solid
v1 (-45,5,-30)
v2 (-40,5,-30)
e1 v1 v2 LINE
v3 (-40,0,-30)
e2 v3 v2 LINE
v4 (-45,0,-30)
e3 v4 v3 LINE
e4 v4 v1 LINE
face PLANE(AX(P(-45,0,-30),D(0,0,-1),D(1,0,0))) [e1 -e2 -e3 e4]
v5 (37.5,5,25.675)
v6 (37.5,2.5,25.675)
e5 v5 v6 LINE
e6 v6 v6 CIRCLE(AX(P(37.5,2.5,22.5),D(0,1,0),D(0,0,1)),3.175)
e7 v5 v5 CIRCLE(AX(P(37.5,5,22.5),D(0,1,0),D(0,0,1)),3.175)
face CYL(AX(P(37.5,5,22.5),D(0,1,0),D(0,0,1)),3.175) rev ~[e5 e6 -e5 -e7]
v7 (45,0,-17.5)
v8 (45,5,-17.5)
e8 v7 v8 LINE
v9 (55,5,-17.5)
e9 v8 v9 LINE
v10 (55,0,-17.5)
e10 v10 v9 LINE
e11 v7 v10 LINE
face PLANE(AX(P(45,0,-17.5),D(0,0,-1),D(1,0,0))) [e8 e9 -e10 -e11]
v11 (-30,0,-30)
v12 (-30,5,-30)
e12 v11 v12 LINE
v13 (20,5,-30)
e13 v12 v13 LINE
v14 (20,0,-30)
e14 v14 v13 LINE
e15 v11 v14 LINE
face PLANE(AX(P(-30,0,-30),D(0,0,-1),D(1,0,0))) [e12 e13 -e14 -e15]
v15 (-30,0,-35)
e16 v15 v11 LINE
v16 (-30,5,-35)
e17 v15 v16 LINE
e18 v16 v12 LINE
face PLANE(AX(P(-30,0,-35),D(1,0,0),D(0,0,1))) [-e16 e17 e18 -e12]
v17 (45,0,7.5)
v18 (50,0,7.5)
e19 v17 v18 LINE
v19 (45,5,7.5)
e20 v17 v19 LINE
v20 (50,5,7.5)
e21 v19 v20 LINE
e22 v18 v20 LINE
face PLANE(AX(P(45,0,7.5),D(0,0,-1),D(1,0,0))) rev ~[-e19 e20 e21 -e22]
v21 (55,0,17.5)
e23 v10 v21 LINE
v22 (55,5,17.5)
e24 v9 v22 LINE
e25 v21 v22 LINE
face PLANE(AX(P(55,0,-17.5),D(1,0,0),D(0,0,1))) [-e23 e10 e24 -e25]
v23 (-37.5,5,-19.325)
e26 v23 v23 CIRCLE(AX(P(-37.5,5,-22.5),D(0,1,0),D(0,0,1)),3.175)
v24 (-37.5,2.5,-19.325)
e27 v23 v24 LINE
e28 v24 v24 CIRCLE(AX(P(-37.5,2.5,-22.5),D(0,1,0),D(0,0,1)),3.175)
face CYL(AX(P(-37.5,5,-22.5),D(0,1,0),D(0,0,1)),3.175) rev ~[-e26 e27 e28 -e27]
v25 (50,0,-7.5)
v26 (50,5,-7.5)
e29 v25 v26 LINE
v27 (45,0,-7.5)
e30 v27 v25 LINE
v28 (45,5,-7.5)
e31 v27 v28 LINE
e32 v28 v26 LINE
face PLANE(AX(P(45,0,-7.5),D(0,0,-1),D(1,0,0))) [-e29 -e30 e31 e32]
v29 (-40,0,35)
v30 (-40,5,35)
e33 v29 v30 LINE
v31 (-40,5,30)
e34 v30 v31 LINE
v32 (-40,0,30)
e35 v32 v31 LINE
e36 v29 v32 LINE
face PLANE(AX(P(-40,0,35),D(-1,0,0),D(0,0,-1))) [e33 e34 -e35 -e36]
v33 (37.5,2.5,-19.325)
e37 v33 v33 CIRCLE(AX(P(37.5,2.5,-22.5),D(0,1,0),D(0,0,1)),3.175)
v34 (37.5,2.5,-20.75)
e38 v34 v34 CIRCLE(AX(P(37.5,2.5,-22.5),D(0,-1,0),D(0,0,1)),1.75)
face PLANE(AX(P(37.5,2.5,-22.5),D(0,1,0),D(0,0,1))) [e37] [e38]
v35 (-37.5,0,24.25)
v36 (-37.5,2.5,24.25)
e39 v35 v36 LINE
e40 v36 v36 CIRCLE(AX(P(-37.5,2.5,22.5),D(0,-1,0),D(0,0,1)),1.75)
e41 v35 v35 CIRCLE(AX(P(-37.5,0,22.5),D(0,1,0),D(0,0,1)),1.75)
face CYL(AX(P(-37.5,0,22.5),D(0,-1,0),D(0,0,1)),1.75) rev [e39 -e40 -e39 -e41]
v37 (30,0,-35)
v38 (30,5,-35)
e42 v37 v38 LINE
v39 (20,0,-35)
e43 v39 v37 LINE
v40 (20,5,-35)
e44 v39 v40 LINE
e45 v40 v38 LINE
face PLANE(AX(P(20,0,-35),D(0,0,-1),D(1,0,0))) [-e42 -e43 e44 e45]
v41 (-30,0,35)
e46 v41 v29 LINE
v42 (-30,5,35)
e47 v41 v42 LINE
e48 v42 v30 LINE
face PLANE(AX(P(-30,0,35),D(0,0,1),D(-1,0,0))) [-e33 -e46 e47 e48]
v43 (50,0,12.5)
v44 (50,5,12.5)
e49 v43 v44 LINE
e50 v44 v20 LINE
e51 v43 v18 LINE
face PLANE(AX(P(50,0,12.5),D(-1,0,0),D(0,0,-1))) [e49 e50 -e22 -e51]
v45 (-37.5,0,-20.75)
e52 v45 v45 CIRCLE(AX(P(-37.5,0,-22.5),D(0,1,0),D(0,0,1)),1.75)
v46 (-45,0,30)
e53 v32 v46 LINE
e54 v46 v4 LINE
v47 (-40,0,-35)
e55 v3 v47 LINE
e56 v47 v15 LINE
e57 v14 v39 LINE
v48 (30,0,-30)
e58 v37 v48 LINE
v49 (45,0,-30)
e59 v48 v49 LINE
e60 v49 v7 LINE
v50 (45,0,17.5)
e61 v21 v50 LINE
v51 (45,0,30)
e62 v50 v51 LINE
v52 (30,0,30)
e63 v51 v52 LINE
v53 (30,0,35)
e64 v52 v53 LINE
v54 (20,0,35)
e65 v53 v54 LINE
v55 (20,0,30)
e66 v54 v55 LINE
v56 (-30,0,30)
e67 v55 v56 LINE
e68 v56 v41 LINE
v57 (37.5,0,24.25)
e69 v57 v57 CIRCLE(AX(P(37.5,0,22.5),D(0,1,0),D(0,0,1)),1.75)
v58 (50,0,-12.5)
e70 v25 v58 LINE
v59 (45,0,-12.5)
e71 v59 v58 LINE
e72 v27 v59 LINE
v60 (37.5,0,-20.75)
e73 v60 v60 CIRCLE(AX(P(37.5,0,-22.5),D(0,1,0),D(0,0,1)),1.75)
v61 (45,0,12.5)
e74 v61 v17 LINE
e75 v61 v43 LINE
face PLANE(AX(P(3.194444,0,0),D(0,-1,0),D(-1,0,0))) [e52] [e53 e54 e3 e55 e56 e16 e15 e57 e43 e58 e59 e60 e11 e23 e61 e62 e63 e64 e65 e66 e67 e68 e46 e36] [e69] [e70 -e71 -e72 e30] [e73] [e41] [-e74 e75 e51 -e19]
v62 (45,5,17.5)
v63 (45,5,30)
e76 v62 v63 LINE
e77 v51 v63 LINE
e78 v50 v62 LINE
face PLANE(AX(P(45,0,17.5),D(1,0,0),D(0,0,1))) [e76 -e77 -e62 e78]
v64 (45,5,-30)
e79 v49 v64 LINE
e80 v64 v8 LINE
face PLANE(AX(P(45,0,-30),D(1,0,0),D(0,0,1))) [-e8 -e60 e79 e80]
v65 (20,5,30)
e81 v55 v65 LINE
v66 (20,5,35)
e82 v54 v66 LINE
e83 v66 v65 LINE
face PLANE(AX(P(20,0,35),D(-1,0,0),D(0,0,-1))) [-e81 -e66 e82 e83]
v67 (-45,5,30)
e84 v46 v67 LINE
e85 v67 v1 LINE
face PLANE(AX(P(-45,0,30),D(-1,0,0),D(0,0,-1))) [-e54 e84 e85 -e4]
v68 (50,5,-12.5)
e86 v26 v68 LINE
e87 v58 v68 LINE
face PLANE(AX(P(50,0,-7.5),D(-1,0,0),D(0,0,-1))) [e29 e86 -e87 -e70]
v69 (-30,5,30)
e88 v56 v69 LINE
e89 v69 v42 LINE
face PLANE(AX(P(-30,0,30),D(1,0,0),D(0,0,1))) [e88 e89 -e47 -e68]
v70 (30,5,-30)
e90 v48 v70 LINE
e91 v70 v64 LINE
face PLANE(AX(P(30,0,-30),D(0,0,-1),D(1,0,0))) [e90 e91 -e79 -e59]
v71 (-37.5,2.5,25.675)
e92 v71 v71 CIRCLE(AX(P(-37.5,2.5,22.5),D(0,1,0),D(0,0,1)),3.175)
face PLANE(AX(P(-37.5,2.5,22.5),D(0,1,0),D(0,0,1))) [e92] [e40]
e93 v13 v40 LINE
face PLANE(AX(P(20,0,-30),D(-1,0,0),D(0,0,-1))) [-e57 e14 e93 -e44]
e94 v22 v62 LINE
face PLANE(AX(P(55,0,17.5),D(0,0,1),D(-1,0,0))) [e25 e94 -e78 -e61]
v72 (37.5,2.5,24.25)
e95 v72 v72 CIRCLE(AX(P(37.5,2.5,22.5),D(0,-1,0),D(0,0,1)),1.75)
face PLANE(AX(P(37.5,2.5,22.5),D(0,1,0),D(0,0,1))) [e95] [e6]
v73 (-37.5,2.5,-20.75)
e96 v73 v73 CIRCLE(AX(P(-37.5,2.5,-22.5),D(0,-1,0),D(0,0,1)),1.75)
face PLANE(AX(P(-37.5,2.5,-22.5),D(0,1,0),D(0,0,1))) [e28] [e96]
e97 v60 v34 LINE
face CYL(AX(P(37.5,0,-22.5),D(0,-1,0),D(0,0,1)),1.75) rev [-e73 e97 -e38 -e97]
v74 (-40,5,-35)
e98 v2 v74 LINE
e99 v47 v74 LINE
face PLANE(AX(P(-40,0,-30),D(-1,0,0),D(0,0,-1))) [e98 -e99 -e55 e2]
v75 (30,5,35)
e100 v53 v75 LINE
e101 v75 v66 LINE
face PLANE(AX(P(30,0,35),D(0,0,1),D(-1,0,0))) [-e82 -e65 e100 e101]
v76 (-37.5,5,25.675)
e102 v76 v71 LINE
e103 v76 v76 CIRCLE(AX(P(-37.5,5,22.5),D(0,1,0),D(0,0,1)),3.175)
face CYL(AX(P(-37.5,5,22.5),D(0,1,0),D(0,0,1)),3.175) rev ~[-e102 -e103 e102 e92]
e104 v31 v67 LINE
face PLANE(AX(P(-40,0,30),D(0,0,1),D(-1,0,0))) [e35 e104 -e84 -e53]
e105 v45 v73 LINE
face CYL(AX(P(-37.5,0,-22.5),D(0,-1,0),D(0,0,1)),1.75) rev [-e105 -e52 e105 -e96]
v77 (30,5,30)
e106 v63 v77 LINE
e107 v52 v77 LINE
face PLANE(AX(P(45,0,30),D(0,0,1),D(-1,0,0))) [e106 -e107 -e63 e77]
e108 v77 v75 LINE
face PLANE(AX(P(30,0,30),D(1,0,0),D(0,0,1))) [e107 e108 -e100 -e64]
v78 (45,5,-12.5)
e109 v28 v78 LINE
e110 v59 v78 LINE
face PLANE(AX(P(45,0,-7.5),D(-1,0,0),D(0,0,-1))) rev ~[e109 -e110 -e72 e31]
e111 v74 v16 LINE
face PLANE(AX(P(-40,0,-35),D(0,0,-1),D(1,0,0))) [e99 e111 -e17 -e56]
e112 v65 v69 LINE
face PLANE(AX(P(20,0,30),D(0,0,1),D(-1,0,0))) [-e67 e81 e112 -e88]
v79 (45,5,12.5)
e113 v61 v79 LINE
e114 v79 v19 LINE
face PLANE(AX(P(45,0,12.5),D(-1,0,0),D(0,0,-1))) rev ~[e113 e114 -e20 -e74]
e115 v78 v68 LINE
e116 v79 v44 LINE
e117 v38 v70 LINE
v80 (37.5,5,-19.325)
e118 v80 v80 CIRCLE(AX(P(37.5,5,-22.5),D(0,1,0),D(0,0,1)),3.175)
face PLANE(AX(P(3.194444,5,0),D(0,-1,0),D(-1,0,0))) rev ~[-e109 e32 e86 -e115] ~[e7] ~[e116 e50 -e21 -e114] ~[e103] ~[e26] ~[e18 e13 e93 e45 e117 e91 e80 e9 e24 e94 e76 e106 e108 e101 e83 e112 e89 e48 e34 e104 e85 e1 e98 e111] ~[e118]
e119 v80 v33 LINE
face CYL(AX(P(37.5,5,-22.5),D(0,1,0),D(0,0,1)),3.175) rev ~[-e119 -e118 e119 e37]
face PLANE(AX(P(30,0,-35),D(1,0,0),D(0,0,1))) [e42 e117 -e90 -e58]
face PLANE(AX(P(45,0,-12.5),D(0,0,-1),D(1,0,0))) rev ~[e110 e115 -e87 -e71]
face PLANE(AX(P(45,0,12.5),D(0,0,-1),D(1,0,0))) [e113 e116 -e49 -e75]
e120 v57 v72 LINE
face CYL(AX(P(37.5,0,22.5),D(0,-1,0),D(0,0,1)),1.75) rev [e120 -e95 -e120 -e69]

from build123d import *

# Parameters (mm, degrees)
SKETCH1_R           = 1.75
SKETCH1_W           = 5
SKETCH1_H           = 5
BOSS_EXTRUDE1_DEPTH = 5
SKETCH2_R           = 3.175
CUT_EXTRUDE1_DEPTH  = 2.5


with BuildPart() as part:
    # Sketch1 → Boss-Extrude1 (new body)
    with BuildSketch(Plane(origin=(0, 0, 0), x_dir=(1, 0, 0), z_dir=(0, 1, 0))):
        Polygon((30, 30), (45, 30), (45, 17.5), (55, 17.5), (55, -17.5), (45, -17.5), (45, -30), (30, -30), (30, -35), (20, -35), (20, -30), (-30, -30), (-30, -35), (-40, -35), (-40, -30), (-45, -30), (-45, 30), (-40, 30), (-40, 35), (-30, 35), (-30, 30), (20, 30), (20, 35), (30, 35), align=None)
        with Locations(Location((37.5, 22.5, 0), (0, 0, 270))):
            Circle(SKETCH1_R, mode=Mode.SUBTRACT)
        with Locations(Location((37.5, -22.5, 0), (0, 0, 270))):
            Circle(SKETCH1_R, mode=Mode.SUBTRACT)
        with Locations(Location((-37.5, 22.5, 0), (0, 0, 270))):
            Circle(SKETCH1_R, mode=Mode.SUBTRACT)
        with Locations(Location((-37.5, -22.5, 0), (0, 0, 270))):
            Circle(SKETCH1_R, mode=Mode.SUBTRACT)
        with Locations((47.5, 10)):
            Rectangle(SKETCH1_W, SKETCH1_H, mode=Mode.SUBTRACT)
        with Locations((47.5, -10)):
            Rectangle(SKETCH1_W, SKETCH1_H, mode=Mode.SUBTRACT)
    extrude(amount=BOSS_EXTRUDE1_DEPTH)

    # Sketch2 → Cut-Extrude1 (cut)
    with BuildSketch(Plane(origin=(0, 5, 0), x_dir=(1, 0, 0), z_dir=(0, 1, 0))):
        with Locations(Location((-37.5, 22.5, 0), (0, 0, 270))):
            Circle(SKETCH2_R)
        with Locations(Location((-37.5, -22.5, 0), (0, 0, 270))):
            Circle(SKETCH2_R)
        with Locations(Location((37.5, 22.5, 0), (0, 0, 270))):
            Circle(SKETCH2_R)
        with Locations(Location((37.5, -22.5, 0), (0, 0, 270))):
            Circle(SKETCH2_R)
    extrude(amount=-CUT_EXTRUDE1_DEPTH, mode=Mode.SUBTRACT)


solid = part.part
